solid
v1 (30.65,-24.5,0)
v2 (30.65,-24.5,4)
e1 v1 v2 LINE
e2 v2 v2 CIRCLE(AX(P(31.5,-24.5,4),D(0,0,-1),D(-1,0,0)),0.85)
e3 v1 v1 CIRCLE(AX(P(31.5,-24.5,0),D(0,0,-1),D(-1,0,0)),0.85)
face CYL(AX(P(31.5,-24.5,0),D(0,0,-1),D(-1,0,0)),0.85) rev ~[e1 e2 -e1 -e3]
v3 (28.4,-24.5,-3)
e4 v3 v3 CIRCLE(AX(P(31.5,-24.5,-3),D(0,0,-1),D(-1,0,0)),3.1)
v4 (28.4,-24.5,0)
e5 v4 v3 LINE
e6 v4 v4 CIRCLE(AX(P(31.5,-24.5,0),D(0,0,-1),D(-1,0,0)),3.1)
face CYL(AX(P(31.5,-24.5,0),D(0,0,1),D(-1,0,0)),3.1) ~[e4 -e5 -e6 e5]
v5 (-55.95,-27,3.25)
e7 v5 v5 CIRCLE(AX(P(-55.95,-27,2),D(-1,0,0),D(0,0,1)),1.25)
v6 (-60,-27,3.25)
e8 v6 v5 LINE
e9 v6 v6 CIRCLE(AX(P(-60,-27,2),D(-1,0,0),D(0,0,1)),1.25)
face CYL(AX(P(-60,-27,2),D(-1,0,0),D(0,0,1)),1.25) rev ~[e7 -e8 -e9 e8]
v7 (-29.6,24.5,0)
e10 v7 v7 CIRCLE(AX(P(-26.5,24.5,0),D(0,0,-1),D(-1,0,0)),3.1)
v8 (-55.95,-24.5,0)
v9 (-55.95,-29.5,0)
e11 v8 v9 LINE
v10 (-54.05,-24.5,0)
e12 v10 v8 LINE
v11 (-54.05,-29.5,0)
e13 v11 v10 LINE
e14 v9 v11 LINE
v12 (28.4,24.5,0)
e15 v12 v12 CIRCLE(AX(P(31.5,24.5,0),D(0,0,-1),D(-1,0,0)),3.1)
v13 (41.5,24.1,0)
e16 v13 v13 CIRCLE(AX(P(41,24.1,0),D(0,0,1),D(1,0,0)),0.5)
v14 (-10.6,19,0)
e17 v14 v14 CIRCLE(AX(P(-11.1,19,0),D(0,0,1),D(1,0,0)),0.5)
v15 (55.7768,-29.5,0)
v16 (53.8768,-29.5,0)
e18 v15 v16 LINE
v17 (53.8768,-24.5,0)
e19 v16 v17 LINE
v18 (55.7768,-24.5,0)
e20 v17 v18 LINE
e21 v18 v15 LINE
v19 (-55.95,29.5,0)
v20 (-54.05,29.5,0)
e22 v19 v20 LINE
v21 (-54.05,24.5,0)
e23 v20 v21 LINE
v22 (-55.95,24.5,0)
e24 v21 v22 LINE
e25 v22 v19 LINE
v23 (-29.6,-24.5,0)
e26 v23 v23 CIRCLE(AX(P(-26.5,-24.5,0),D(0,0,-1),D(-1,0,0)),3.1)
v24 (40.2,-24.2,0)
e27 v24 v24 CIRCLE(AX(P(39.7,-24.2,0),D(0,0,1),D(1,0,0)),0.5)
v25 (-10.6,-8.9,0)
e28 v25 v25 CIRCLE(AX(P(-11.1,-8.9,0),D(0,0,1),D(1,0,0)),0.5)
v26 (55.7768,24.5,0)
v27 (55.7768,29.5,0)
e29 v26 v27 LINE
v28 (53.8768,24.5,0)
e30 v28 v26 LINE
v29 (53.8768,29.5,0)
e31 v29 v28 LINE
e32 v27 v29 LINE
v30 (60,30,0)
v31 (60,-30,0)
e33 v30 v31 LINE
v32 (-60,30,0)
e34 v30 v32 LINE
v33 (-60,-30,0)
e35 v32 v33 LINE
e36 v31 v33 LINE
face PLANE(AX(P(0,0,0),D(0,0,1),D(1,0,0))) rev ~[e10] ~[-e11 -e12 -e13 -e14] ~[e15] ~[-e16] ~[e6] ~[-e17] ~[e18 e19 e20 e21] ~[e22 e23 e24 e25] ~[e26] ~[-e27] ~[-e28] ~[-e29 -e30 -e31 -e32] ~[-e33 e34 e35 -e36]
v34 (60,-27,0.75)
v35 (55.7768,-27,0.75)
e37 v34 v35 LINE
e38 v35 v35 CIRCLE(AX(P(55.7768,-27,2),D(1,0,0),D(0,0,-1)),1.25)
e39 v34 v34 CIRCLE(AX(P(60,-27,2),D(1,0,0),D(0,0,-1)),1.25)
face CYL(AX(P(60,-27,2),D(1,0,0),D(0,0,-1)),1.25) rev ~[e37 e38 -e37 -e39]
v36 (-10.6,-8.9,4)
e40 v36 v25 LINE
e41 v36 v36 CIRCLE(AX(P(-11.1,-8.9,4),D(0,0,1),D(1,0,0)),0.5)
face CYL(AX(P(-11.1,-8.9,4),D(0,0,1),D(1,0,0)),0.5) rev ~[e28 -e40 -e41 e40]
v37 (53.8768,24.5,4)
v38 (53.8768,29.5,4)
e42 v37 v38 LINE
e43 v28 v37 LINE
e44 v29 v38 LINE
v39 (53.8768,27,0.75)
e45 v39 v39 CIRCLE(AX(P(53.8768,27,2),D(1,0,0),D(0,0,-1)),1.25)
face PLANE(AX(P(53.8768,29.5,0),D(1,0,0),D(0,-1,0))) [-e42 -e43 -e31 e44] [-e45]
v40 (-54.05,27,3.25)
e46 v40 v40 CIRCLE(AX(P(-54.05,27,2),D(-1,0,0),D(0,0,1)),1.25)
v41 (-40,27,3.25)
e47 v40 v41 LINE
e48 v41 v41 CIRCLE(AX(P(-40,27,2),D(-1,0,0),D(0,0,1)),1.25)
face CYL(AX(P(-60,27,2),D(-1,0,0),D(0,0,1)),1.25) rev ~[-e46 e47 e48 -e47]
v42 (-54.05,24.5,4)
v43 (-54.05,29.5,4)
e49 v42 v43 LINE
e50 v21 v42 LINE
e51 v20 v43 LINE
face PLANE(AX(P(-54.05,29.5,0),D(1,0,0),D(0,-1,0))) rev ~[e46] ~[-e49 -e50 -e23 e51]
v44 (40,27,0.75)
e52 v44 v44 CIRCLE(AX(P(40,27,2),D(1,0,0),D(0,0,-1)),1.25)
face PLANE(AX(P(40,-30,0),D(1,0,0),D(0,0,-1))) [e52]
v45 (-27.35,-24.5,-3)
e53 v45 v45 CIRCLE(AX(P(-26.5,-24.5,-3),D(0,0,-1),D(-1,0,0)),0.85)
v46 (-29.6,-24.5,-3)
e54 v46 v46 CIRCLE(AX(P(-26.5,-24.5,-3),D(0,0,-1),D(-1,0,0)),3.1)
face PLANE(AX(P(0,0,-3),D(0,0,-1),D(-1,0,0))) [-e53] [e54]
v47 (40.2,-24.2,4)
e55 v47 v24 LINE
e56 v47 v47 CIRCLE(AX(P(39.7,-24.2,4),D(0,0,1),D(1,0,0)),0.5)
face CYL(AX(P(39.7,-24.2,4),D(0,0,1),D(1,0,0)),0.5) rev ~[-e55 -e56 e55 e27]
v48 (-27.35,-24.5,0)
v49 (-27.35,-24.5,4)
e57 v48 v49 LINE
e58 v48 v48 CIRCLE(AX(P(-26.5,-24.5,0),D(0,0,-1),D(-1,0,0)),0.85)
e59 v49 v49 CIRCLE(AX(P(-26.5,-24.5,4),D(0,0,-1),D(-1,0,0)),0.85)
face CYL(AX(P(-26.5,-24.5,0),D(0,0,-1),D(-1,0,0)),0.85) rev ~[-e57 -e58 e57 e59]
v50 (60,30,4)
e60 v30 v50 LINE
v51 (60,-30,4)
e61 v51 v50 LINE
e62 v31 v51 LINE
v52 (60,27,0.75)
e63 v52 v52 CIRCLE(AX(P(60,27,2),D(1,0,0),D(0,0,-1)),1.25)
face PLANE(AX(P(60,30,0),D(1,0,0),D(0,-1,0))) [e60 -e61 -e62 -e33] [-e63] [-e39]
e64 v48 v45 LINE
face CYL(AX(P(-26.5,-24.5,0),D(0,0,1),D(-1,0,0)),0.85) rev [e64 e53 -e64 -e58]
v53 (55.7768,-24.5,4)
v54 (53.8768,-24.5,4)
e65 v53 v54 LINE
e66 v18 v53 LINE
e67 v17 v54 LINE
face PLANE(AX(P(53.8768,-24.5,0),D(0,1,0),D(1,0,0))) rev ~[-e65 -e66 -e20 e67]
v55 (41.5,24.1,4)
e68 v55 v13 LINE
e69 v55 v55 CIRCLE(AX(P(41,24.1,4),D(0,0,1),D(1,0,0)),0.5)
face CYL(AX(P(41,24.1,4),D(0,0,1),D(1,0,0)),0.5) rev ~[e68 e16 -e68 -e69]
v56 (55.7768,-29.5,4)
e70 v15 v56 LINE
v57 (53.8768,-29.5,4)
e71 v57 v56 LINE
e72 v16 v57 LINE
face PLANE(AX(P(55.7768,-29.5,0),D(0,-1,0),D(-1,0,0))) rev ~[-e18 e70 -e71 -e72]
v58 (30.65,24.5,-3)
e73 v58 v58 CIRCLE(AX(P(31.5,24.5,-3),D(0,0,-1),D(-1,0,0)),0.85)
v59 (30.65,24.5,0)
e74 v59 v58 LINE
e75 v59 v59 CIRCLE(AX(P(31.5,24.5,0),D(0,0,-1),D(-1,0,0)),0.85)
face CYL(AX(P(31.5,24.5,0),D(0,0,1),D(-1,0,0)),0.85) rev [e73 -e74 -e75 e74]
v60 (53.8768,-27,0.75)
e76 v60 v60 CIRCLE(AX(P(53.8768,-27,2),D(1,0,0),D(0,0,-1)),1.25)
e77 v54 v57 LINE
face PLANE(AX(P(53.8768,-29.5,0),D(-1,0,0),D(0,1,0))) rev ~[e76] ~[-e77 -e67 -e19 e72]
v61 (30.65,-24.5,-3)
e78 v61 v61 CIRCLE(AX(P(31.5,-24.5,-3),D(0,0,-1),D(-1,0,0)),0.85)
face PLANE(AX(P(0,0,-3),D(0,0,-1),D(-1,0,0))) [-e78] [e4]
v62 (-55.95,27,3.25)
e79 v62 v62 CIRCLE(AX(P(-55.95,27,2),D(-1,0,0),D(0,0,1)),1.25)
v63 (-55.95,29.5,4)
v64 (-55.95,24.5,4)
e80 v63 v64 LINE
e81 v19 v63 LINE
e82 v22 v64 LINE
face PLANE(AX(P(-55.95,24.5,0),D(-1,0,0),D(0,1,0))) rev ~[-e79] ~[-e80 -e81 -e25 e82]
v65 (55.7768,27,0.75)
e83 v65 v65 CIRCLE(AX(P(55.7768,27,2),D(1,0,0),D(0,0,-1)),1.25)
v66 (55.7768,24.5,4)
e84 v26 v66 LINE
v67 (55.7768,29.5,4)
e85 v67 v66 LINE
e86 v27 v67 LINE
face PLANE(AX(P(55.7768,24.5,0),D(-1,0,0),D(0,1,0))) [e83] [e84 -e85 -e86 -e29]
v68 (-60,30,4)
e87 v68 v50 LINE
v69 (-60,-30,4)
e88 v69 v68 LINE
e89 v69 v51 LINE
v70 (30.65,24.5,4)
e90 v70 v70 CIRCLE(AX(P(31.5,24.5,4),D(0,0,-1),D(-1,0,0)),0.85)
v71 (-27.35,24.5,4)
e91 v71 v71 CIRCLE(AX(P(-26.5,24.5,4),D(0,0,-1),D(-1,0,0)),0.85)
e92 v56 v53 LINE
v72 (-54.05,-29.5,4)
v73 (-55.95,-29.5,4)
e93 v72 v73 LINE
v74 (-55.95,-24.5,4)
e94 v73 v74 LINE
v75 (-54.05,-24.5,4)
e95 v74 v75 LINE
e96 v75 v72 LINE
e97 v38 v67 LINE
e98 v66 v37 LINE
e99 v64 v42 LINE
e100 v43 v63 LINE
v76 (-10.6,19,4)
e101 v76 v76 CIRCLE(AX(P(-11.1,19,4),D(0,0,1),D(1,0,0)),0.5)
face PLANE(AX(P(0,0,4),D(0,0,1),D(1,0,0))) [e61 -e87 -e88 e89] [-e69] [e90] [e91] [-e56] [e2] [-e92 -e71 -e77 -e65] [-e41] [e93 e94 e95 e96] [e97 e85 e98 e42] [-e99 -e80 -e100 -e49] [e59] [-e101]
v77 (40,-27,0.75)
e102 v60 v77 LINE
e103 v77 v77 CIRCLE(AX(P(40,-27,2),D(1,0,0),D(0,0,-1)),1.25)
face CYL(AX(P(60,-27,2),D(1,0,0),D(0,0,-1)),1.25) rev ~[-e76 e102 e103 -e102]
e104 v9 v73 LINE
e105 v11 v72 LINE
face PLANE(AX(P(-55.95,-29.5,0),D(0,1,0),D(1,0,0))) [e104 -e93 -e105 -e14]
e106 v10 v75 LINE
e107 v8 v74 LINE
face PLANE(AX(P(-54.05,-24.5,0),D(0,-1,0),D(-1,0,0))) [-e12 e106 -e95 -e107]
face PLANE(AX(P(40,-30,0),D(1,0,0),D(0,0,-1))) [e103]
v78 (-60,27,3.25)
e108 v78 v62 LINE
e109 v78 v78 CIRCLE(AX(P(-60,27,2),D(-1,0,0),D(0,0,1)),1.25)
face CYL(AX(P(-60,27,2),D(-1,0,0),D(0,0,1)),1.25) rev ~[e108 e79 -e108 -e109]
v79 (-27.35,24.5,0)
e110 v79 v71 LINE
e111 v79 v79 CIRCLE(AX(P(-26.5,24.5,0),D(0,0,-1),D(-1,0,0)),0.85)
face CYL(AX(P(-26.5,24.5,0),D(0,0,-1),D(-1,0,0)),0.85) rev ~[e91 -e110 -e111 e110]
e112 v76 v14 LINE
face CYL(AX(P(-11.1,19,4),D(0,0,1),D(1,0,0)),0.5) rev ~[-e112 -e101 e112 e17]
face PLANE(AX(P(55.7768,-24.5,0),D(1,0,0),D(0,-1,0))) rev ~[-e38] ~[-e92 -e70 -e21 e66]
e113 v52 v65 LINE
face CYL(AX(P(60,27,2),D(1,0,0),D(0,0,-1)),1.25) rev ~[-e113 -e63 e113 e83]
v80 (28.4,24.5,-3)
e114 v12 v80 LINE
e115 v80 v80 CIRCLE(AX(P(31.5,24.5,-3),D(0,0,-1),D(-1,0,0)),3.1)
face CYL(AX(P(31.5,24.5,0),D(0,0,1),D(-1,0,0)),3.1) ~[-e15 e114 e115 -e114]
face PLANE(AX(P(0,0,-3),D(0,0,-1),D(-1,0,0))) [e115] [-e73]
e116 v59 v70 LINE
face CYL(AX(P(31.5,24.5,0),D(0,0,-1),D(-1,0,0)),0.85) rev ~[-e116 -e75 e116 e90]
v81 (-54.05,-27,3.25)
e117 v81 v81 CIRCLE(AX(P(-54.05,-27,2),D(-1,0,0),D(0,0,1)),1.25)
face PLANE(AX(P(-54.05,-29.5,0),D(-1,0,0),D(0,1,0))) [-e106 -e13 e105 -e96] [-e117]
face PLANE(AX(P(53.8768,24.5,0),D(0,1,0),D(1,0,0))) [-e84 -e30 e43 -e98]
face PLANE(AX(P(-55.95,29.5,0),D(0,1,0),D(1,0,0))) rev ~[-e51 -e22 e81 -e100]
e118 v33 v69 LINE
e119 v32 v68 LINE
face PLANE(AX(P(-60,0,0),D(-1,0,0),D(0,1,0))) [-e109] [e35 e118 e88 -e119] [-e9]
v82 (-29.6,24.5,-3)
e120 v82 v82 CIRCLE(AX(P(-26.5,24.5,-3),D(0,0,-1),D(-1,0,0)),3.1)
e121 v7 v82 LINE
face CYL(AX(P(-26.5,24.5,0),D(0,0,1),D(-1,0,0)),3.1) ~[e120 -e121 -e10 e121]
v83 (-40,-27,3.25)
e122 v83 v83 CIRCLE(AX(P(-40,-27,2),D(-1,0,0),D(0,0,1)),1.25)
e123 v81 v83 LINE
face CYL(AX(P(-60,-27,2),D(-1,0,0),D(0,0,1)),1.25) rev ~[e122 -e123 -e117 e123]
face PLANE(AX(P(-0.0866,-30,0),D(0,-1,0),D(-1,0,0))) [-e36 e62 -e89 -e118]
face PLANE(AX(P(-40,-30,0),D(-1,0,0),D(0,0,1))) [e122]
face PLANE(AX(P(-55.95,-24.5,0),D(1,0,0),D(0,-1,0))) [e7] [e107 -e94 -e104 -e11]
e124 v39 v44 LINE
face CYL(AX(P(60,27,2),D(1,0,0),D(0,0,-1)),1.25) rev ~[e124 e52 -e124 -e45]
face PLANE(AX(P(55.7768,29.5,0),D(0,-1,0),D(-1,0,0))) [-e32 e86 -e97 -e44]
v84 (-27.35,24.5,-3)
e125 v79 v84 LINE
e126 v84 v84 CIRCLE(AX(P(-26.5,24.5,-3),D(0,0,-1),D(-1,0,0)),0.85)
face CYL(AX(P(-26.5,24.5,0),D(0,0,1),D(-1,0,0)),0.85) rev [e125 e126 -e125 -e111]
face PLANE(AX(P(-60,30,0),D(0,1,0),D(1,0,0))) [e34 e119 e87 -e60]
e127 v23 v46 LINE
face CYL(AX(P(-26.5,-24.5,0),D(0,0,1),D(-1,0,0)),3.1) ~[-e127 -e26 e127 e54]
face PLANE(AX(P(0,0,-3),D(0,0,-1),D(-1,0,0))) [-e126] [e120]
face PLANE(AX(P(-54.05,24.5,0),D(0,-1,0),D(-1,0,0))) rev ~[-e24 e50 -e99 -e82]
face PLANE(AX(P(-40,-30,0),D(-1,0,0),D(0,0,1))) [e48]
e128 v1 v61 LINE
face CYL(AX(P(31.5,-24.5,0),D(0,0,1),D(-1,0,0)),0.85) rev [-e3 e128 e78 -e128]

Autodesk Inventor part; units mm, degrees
ref_plane "YZ Plane" through (0, 0, 0) normal (1, 0, 0) x (0, 1, 0)
ref_plane "XZ Plane" through (0, 0, 0) normal (0, 1, 0) x (-1, 0, 0)
ref_plane "XY Plane" through (0, 0, 0) normal (0, 0, 1) x (1, 0, 0)
sketch "Sketch1" plane through (0, 0, 0) normal (0, 0, 1) x (1, 0, 0)
  line L0 (-60, 30) -> (60, 30)
  line L1 (60, 30) -> (60, -30)
  line L2 (60, -30) -> (-60, -30)
  line L3 (-60, -30) -> (-60, 30)
  line L4 (-60, 30) -> (60, -30) construction
  line L5 (60, 30) -> (-60, -30) construction
  line L6 (-60, 24) -> (60, 24) construction
  line L7 (60, 24) -> (60, -24) construction
  line L8 (60, -24) -> (-60, -24) construction
  line L9 (-60, -24) -> (-60, 24) construction
  line L10 (-60, 24) -> (60, -24) construction
  line L11 (60, 24) -> (-60, -24) construction
  line L12 (-59.6915, 27) -> (60.3085, 27) construction
  line L13 (59.9134, -27) -> (-60.0866, -27) construction
  line L14 (-55, 34.9894) -> (-55, -41.0431) construction
  line L15 (55, 34.9894) -> (55, -41.0431) construction
  line L16 (-0.0866, 42.6852) -> (-0.0866, -44.8416)
  line L17 (-70.7157, 0) -> (86.0605, 0)
  line L18 (-55.95, 29.5) -> (-54.05, 29.5)
  line L19 (-54.05, 29.5) -> (-54.05, 24.5)
  line L20 (-54.05, 24.5) -> (-55.95, 24.5)
  line L21 (-55.95, 24.5) -> (-55.95, 29.5)
  line L22 (-55.95, 29.5) -> (-54.05, 24.5) construction
  line L23 (-54.05, 29.5) -> (-55.95, 24.5) construction
  line L24 (55.7768, 29.5) -> (53.8768, 29.5)
  line L25 (53.8768, 29.5) -> (53.8768, 24.5)
  line L26 (53.8768, 24.5) -> (55.7768, 24.5)
  line L27 (55.7768, 24.5) -> (55.7768, 29.5)
  line L28 (55.7768, 29.5) -> (53.8768, 24.5) construction
  line L29 (53.8768, 29.5) -> (55.7768, 24.5) construction
  line L30 (-55.95, -29.5) -> (-54.05, -29.5)
  line L31 (-54.05, -29.5) -> (-54.05, -24.5)
  line L32 (-54.05, -24.5) -> (-55.95, -24.5)
  line L33 (-55.95, -24.5) -> (-55.95, -29.5)
  line L34 (-55.95, -29.5) -> (-54.05, -24.5) construction
  line L35 (-54.05, -29.5) -> (-55.95, -24.5) construction
  line L36 (53.8768, -29.5) -> (53.8768, -24.5)
  line L37 (53.8768, -24.5) -> (55.7768, -24.5)
  line L38 (55.7768, -24.5) -> (55.7768, -29.5)
  line L39 (55.7768, -29.5) -> (53.8768, -24.5) construction
  line L40 (53.8768, -29.5) -> (55.7768, -24.5) construction
  line L41 (55.7768, -29.5) -> (53.8768, -29.5)
  point P0 (0, 0)
  point P1 (-55, 27)
  point P2 (54.8268, 27)
  point P3 (-55, -27)
  point P4 (54.8268, -27)
  dimension "d0" = 120
  dimension "d1" = 60
  dimension "d5" = 48
  dimension "d6" = 6
  dimension "d7" = 3
  dimension "d9" = 3
  dimension "d10" = 5
  dimension "d11" = 5
  dimension "d26" = 1.9
  dimension "d27" = 5
extrude "Extrusion1" add sketch "Sketch1" along normal blind 4 contours L0 L16 L17 L3 | L0 L1 L17 L16 | L17 L16 L2 L3 | L17 L1 L2 L16 | L18 L19 L20 L21 | L27 L26 L25 L24 | L33 L32 L31 L30 | L36 L37 L38 L41
sketch "Sketch2" plane through (60, -30, 0) normal (1, 0, 0) x (0, 0, -1)
  line L0 (-8.9857, 57) -> (8.9833, 57) construction
  line L1 (0, 60) -> (-4, 60) projected
  line L2 (-2, 63.5324) -> (-2, -21.5348) construction
  line L3 (0, 60) -> (0, 0) construction
  line L4 (-7.253, 3) -> (5.1126, 3) construction
  line L5 (0, 0) -> (-4, 0) construction
  circle A0 centre (-2, 57) radius 1.25
  circle A1 centre (-2, 3) radius 1.25
  point P0 (0, 30)
  dimension "d12" = 3
  dimension "d13" = 2
  dimension "d14" = 3
  dimension "d15" = 2.5
  dimension "d16" = 2.5
extrude "Extrusion2" cut sketch "Sketch2" against normal blind 20
sketch "Sketch3" plane through (-60, -30, 0) normal (-1, 0, 0) x (0, 0, 1)
  line L0 (-7.4279, 57) -> (13.0105, 57) construction
  line L1 (2, 62.779) -> (2, -22.3608) construction
  line L2 (-5.3723, 3) -> (8.7736, 3) construction
  line L3 (0, 60) -> (4, 60) construction
  line L4 (0, 0) -> (4, 0) construction
  line L5 (0, 0) -> (0, 60) construction
  circle A0 centre (2, 57) radius 1.25
  circle A1 centre (2, 3) radius 1.25
  point P0 (0, 30)
  dimension "d19" = 3
  dimension "d20" = 3
  dimension "d21" = 2
  dimension "d22" = 2.5
  dimension "d23" = 2.5
extrude "Extrusion3" cut sketch "Sketch3" against normal blind 20
extrude "Extrusion4" cut sketch "Sketch1" along normal blind 10 contours L18 L19 L20 L21 | L27 L26 L25 L24 | L33 L32 L31 L30 | L36 L37 L38 L41
sketch "Sketch5" plane through (0, 0, 0) normal (0, 0, -1) x (-1, 0, 0)
  line L0 (-55, 28) -> (30, 28) construction
  line L1 (30, 28) -> (30, -28) construction
  line L2 (30, -28) -> (-55, -28) construction
  line L3 (-55, -28) -> (-55, 28) construction
  line L4 (60, 30) -> (-60, 30) projected
  line L5 (-60, -30) -> (60, -30) projected
  line L6 (-60, 30) -> (-60, -30) projected
  line L7 (-61.4504, 24.5) -> (34.2975, 24.5) construction
  line L8 (-31.5, 29.0313) -> (-31.5, -33.267) construction
  line L9 (26.5, 28.5391) -> (26.5, -33.7592) construction
  line L10 (-62.9373, -24.5) -> (32.8105, -24.5) construction
  circle A0 centre (-31.5, 24.5) radius 3.1
  circle A1 centre (26.5, 24.5) radius 3.1
  circle A2 centre (-31.5, -24.5) radius 3.1
  circle A3 centre (26.5, -24.5) radius 3.1
  circle A4 centre (-31.5, 24.5) radius 0.85
  circle A5 centre (26.5, 24.5) radius 0.85
  circle A6 centre (-31.5, -24.5) radius 0.85
  circle A7 centre (26.5, -24.5) radius 0.85
  point P0 (0, 0)
  dimension "d32" = 2
  dimension "d35" = 56
  dimension "d36" = 60
  dimension "d37" = 85
  dimension "d38" = 5
  dimension "d39" = 3.5
  dimension "d40" = 3.5
  dimension "d41" = 3.5
  dimension "d42" = 58
  dimension "d43" = 6.2
  dimension "d44" = 6.2
  dimension "d45" = 6.2
  dimension "d46" = 6.2
  dimension "d47" = 1.7
  dimension "d48" = 1.7
  dimension "d49" = 1.7
  dimension "d50" = 1.7
extrude "Extrusion6" add sketch "Sketch5" along normal blind 3
extrude "Extrusion8" cut sketch "Sketch5" against normal blind 5 contours A4 | A5 | A6 | A7
sketch "Sketch6" plane through (0, 0, 4) normal (0, 0, 1) x (1, 0, 0)
  line L0 (55, -26.7) -> (-13.6, -26.7) construction
  line L1 (-13.6, -26.7) -> (-13.6, 26.6) construction
  line L2 (-13.6, 26.6) -> (55, 26.6) construction
  line L3 (55, 26.6) -> (55, -26.7) construction
  line L4 (60, -30) -> (60, 30) projected
  line L5 (-60, -30) -> (60, -30) projected
  line L6 (60, 30) -> (-60, 30) projected
  line L7 (-11.1, 28.3746) -> (-11.1, -43.0952) construction
  line L8 (41, 27.7316) -> (41, -43.7382) construction
  line L9 (39.7, 28.5262) -> (39.7, -42.9435) construction
  line L10 (-16.1238, 24.1) -> (57.2628, 24.1) construction
  line L11 (-13.8231, 19) -> (59.5635, 19) construction
  line L12 (-15.4929, -8.9) -> (57.8937, -8.9) construction
  line L13 (-14.4245, -24.2) -> (58.9621, -24.2) construction
  circle A0 centre (-11.1, 19) radius 0.5
  circle A1 centre (-11.1, -8.9) radius 0.5
  circle A2 centre (41, 24.1) radius 0.5
  circle A3 centre (39.7, -24.2) radius 0.5
  point P0 (0, 0)
  dimension "d57" = 53.3
  dimension "d58" = 68.6
  dimension "d59" = 5
  dimension "d60" = 3.3
  dimension "d61" = 3.4
  dimension "d62" = 2.5
  dimension "d63" = 2.5
  dimension "d64" = 14
  dimension "d65" = 1.3
  dimension "d66" = 50.8
  dimension "d68" = 27.9
  dimension "d69" = 5.1
  dimension "d70" = 35.5
  dimension "d71" = 1
  dimension "d72" = 1
  dimension "d73" = 1
  dimension "d74" = 1
extrude "Extrusion9" cut sketch "Sketch6" against normal blind 5
properties part number "Boardcarrier"
